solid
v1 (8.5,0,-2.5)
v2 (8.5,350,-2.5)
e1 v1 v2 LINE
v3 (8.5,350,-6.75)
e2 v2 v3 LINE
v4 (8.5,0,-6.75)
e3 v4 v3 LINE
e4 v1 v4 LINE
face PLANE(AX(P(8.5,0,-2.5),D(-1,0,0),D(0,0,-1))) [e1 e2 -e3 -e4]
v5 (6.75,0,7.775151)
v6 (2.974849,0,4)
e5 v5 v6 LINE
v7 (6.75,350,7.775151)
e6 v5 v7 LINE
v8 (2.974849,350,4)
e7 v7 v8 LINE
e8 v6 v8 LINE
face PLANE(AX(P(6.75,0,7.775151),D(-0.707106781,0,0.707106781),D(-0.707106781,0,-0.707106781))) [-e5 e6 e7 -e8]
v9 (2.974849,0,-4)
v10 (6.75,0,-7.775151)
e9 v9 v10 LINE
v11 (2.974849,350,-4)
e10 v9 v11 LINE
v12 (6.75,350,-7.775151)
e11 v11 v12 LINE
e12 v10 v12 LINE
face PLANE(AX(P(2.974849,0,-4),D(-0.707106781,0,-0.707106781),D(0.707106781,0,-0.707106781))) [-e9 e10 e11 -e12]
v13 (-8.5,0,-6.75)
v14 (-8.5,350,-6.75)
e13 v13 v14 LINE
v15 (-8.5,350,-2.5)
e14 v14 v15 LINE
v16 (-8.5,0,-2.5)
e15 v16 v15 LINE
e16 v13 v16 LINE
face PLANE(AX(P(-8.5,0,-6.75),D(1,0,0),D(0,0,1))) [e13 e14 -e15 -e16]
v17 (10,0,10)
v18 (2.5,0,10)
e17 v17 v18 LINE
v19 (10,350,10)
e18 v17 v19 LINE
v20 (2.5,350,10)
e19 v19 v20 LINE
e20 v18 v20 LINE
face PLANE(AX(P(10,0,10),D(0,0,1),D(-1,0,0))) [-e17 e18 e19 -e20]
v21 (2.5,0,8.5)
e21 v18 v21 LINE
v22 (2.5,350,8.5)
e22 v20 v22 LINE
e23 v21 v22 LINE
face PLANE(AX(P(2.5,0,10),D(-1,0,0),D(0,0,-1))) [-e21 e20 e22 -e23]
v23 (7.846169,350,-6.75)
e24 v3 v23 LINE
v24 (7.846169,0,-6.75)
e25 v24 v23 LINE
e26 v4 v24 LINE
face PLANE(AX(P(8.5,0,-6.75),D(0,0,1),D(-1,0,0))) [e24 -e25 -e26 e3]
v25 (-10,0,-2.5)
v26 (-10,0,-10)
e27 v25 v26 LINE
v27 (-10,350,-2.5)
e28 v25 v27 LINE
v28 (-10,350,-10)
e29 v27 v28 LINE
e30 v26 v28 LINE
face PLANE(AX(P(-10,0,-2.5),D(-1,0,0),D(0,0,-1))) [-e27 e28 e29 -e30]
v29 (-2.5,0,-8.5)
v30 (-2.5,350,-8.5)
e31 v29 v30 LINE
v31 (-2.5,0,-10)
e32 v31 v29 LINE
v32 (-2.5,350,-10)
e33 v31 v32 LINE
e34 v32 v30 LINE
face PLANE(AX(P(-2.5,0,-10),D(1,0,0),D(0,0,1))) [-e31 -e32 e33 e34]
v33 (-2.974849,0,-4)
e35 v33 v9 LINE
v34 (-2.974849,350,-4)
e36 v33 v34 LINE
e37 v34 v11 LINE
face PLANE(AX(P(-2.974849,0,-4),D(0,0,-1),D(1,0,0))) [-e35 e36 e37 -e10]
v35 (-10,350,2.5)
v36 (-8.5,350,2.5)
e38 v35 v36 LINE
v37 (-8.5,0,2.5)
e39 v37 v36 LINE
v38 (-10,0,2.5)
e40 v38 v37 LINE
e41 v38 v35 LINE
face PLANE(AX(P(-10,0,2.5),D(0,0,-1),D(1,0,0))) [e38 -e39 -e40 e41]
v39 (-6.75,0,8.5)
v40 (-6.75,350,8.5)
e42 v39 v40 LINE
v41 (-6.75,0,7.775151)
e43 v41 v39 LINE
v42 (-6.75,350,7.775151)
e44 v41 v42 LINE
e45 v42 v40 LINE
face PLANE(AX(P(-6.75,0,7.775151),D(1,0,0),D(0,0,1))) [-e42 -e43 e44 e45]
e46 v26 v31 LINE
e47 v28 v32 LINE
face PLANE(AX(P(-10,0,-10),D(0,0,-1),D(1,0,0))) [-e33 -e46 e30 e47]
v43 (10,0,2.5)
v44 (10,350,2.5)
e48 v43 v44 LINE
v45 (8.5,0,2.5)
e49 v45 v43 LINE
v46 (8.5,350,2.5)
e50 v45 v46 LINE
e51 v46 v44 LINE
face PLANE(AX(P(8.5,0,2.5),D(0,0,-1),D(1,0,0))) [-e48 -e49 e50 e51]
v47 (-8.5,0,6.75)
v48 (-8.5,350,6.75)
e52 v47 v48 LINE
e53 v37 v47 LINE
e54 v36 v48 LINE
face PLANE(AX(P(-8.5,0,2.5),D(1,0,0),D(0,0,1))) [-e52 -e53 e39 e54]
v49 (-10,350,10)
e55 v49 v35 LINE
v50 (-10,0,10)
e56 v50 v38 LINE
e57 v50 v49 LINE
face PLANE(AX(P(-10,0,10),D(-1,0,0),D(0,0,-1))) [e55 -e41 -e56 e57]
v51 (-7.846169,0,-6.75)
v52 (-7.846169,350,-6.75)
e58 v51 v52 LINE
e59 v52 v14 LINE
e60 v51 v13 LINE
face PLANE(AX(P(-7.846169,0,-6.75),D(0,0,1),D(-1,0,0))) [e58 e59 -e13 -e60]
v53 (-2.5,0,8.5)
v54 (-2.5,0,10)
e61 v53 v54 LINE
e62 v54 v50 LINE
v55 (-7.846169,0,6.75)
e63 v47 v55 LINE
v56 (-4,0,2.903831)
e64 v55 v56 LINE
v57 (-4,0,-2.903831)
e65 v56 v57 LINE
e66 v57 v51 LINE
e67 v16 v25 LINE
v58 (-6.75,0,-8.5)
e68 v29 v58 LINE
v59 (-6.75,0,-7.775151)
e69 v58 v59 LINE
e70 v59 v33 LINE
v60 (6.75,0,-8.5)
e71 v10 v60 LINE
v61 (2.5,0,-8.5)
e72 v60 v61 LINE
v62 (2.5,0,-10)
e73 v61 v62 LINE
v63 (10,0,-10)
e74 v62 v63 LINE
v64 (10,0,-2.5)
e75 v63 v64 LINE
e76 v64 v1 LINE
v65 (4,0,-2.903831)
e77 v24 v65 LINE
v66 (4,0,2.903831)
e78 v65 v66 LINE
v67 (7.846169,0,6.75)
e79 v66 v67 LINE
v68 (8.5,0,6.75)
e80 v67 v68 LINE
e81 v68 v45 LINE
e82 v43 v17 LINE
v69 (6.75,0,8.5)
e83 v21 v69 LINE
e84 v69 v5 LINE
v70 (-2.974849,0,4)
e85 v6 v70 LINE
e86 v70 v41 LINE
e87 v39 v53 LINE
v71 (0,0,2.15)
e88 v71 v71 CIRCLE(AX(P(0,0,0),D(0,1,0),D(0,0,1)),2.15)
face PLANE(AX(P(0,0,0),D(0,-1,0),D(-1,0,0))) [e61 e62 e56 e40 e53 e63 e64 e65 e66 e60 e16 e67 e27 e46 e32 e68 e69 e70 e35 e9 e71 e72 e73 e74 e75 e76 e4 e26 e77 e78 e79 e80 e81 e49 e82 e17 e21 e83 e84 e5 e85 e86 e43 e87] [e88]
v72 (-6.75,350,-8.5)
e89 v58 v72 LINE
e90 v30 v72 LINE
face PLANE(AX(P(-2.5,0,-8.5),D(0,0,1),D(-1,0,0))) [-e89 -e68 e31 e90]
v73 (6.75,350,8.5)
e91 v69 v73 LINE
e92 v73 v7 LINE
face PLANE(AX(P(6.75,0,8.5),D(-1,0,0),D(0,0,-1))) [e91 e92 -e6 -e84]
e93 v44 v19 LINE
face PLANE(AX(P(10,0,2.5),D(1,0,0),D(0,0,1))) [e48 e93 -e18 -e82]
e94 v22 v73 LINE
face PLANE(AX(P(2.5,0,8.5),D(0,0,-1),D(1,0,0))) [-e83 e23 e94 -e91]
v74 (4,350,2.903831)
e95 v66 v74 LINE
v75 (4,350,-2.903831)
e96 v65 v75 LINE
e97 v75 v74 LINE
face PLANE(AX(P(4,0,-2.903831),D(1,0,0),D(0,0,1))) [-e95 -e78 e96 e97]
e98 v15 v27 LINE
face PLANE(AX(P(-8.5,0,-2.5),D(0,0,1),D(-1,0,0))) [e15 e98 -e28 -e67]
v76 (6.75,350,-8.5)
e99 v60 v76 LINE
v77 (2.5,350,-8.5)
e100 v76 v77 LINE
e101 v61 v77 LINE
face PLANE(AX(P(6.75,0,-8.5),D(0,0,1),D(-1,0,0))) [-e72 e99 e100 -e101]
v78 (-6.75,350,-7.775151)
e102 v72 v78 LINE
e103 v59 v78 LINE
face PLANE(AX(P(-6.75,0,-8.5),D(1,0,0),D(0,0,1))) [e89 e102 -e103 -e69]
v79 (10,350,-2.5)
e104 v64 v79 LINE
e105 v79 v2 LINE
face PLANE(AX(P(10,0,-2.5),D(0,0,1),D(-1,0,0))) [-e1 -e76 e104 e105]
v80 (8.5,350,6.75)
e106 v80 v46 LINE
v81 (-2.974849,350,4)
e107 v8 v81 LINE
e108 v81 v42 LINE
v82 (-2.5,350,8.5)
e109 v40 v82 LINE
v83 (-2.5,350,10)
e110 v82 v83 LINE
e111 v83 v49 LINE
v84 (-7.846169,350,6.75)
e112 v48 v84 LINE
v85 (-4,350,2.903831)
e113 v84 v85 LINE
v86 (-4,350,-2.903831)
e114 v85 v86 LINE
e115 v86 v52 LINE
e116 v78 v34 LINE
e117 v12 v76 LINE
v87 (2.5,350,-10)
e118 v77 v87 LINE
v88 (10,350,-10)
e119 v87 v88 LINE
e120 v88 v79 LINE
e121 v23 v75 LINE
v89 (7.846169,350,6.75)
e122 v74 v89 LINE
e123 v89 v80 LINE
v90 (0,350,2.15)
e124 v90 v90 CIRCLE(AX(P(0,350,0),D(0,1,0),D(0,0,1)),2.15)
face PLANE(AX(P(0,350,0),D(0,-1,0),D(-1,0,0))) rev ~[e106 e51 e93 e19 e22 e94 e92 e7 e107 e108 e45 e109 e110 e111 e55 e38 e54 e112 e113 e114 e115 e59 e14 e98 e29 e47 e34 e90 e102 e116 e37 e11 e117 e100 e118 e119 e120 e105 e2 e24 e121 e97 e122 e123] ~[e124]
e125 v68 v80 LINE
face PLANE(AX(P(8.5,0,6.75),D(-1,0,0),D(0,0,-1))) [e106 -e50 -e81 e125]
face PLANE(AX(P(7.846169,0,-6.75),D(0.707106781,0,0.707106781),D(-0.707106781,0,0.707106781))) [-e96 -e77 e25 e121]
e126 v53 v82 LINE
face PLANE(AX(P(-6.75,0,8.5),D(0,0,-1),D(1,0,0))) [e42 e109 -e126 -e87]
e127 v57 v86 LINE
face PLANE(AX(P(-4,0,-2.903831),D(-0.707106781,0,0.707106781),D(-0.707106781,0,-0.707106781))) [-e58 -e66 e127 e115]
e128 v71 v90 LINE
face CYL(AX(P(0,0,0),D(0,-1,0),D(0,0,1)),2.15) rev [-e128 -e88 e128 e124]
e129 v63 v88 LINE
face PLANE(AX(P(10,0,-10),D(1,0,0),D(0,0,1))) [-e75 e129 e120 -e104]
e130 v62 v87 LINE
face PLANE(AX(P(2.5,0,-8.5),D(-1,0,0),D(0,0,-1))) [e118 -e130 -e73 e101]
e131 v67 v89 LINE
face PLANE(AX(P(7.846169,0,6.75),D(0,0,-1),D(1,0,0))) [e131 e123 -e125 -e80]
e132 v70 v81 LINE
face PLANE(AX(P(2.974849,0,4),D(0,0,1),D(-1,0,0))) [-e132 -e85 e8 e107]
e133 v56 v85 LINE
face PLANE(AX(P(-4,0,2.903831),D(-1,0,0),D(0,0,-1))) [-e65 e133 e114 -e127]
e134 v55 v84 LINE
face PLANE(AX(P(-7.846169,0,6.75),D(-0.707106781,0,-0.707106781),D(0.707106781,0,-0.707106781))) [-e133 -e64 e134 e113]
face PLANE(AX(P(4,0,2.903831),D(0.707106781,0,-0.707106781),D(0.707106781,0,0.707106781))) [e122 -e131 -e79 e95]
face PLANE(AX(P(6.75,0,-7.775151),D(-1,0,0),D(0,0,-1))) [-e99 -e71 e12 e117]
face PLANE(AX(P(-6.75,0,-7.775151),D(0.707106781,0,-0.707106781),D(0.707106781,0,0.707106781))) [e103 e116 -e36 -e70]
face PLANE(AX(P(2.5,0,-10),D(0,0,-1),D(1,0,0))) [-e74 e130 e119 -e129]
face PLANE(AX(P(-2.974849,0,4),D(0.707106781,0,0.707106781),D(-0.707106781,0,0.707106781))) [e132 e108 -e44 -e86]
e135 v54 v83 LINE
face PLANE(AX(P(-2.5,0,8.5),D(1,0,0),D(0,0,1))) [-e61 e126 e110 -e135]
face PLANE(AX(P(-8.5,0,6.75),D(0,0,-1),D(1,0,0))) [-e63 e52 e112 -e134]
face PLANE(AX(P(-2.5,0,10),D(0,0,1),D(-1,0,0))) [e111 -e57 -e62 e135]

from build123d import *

# Parameters (mm, degrees)
SKETCH1_R           = 2.15
BOSS_EXTRUDE1_DEPTH = 350


with BuildPart() as part:
    # Sketch1 → Boss-Extrude1 (new body)
    with BuildSketch(Plane(origin=(0, 0, 0), x_dir=(1, 0, 0), z_dir=(0, 1, 0))):
        Polygon((-10, 10), (-2.5, 10), (-2.5, 8.499999999), (-6.75, 8.499999999), (-6.75, 7.77515127), (-2.97484873, 4), (2.97484873, 4), (6.75, 7.77515127), (6.75, 8.499999999), (2.5, 8.499999999), (2.5, 10), (10, 10), (10, 2.5), (8.5, 2.5), (8.5, 6.75), (7.846169074, 6.75), (4, 2.903830926), (4, -2.903830926), (7.846169074, -6.75), (8.5, -6.75), (8.5, -2.5), (10, -2.5), (10, -10), (2.5, -10), (2.5, -8.499999999), (6.75, -8.499999999), (6.75, -7.77515127), (2.97484873, -4), (-2.97484873, -4), (-6.75, -7.77515127), (-6.75, -8.499999999), (-2.5, -8.499999999), (-2.5, -10), (-10, -10), (-10, -2.5), (-8.5, -2.5), (-8.5, -6.75), (-7.846169074, -6.75), (-4, -2.903830926), (-4, 2.903830926), (-7.846169074, 6.75), (-8.5, 6.75), (-8.5, 2.5), (-10, 2.5), align=None)
        with Locations(Location((0, 0, 0), (0, 0, 270))):
            Circle(SKETCH1_R, mode=Mode.SUBTRACT)
    extrude(amount=BOSS_EXTRUDE1_DEPTH)


solid = part.part
